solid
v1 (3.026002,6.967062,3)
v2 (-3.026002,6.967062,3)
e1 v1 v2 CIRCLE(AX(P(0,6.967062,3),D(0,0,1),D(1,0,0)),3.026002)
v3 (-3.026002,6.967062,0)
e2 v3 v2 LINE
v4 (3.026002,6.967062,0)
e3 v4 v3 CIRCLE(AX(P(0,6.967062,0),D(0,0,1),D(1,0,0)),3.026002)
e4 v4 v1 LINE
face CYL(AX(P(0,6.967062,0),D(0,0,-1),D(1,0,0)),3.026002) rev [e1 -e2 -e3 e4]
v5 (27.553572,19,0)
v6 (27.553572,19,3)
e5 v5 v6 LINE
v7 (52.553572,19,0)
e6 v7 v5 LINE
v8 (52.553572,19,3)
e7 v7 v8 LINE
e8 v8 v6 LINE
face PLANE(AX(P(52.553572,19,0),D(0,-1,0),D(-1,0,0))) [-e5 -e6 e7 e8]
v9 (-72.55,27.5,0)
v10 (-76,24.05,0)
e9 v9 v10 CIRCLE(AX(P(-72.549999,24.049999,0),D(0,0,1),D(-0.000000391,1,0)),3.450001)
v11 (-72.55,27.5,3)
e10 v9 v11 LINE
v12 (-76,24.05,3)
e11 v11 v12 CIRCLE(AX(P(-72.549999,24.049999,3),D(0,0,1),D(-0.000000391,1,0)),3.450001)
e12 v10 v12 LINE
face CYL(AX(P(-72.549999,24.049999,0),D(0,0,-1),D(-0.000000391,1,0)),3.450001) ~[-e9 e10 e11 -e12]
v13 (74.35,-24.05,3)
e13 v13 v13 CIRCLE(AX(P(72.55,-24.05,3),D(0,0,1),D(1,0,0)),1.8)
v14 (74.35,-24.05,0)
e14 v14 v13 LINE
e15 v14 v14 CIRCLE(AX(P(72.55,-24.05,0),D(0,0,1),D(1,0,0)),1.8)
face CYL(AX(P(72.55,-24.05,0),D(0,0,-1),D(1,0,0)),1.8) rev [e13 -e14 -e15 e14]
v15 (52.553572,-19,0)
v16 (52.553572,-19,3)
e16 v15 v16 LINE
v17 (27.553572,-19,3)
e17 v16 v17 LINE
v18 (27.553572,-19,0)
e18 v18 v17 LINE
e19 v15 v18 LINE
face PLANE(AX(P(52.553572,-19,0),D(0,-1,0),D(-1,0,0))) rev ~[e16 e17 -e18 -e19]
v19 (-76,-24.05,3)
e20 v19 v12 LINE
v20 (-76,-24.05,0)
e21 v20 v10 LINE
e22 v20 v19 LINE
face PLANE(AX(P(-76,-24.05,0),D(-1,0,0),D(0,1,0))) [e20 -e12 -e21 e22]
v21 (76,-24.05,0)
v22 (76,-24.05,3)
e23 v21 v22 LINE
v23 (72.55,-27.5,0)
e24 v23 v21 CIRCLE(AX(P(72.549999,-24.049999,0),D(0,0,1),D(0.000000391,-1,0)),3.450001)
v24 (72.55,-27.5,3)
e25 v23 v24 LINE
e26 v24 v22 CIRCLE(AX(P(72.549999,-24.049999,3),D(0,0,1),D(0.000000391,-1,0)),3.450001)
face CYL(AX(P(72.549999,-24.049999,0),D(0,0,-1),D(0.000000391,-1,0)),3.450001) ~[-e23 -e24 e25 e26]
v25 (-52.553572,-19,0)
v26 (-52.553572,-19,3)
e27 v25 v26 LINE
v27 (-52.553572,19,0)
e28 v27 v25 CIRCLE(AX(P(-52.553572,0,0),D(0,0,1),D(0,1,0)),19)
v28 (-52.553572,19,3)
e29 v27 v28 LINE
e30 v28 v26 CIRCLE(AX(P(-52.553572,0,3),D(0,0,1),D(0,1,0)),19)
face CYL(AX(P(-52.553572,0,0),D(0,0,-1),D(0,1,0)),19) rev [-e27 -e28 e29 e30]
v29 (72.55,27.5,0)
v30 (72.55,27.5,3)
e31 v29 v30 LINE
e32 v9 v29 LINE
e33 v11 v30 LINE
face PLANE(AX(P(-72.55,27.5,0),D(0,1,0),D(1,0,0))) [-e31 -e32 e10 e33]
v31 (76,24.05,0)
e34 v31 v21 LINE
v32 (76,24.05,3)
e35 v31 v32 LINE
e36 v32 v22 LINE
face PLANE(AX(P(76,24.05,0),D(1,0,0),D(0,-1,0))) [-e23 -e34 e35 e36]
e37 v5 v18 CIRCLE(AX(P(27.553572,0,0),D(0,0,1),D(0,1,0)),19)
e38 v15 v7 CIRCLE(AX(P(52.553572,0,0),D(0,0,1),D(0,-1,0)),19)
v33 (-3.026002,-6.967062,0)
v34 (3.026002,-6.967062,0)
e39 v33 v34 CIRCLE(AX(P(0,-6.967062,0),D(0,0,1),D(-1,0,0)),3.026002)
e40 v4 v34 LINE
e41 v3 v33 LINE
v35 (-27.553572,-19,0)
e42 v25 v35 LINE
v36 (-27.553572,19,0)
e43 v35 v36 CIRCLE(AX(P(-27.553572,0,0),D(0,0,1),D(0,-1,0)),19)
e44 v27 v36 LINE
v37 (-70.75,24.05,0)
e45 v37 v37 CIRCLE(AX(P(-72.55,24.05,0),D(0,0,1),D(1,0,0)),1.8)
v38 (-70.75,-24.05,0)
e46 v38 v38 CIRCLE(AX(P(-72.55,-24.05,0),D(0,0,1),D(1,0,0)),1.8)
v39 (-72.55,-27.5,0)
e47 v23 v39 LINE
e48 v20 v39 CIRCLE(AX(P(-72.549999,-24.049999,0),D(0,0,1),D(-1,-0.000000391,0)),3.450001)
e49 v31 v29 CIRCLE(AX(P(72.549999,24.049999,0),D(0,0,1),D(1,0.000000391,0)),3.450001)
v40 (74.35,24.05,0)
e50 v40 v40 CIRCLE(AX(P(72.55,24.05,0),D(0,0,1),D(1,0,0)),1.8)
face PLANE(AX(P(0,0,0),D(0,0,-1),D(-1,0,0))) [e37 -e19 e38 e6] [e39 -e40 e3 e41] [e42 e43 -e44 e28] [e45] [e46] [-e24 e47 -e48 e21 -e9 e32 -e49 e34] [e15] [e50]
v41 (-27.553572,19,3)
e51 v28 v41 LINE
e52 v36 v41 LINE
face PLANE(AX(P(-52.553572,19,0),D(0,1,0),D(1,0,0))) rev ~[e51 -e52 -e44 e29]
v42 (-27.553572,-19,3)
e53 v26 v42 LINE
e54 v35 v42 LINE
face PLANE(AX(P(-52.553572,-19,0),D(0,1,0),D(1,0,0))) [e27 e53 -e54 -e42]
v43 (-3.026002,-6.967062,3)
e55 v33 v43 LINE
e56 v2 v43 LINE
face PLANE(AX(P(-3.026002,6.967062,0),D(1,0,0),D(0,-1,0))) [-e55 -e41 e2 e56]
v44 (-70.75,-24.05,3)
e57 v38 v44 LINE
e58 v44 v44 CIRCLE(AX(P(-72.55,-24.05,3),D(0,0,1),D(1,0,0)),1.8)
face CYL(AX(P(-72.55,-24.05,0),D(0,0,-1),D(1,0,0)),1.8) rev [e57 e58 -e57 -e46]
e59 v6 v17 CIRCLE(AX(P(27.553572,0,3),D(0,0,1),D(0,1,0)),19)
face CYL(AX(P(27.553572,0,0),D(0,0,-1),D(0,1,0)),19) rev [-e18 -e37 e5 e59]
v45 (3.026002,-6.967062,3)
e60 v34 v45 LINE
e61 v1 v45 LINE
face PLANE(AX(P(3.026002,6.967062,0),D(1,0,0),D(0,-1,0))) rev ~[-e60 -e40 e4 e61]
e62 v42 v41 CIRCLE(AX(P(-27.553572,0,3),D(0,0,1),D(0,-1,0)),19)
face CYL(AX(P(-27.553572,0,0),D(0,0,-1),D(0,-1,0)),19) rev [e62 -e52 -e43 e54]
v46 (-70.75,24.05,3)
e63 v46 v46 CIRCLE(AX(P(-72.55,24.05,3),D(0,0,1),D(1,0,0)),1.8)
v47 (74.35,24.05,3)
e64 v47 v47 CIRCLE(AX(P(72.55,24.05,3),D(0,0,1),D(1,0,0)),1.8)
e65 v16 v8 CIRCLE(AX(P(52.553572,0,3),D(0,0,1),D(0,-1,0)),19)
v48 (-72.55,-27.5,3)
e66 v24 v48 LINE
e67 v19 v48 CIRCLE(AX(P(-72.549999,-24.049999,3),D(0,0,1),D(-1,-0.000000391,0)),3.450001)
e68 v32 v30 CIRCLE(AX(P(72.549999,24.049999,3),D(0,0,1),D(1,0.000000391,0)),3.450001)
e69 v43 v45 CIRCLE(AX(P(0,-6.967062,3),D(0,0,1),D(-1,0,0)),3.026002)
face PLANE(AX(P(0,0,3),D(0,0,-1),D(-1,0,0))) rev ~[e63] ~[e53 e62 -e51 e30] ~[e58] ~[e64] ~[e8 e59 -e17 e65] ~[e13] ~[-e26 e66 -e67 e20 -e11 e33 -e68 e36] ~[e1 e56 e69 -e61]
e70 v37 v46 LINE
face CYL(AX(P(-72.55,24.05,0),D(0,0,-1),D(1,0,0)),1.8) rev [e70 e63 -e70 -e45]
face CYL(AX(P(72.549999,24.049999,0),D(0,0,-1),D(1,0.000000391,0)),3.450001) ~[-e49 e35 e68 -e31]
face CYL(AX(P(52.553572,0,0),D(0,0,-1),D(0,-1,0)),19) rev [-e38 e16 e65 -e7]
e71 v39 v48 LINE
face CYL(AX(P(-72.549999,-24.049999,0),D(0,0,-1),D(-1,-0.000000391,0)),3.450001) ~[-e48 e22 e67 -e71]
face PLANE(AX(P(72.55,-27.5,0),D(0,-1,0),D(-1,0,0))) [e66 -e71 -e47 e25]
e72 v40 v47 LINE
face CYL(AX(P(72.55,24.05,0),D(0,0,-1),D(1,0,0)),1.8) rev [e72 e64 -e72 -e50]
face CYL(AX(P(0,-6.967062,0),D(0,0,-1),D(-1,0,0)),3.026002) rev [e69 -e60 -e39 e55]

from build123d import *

# Parameters (mm, degrees)
SKETCH_R  = 1.8
PAD_DEPTH = 3


with BuildPart() as part:
    # Sketch → Pad (new body)
    with BuildSketch(Plane.XY):
        with BuildLine():
            Line((-72.55, 27.5), (72.55, 27.5))
            ThreePointArc((76, 24.05), (74.989518, 26.489518), (72.55, 27.5))
            Line((76, 24.05), (76, -24.05))
            ThreePointArc((72.55, -27.5), (74.989518, -26.489518), (76, -24.05))
            Line((72.55, -27.5), (-72.55, -27.5))
            ThreePointArc((-76, -24.05), (-74.989518, -26.489518), (-72.55, -27.5))
            Line((-76, -24.05), (-76, 24.05))
            ThreePointArc((-72.55, 27.5), (-74.989518, 26.489518), (-76, 24.05))
        make_face()
        with Locations((-72.55, -24.05)):
            Circle(SKETCH_R, mode=Mode.SUBTRACT)
        with Locations((-72.55, 24.05)):
            Circle(SKETCH_R, mode=Mode.SUBTRACT)
        with Locations((72.55, 24.05)):
            Circle(SKETCH_R, mode=Mode.SUBTRACT)
        with Locations((72.55, -24.05)):
            Circle(SKETCH_R, mode=Mode.SUBTRACT)
        with BuildLine():
            ThreePointArc((-52.553572, 19), (-71.553572, 0), (-52.553572, -19))
            Line((-52.553572, -19), (-27.553572, -19))
            ThreePointArc((-27.553572, -19), (-8.553572, 0), (-27.553572, 19))
            Line((-52.553572, 19), (-27.553572, 19))
        make_face(mode=Mode.SUBTRACT)
        with BuildLine():
            ThreePointArc((3.026002, 6.967062), (0, 9.993064), (-3.026002, 6.967062))
            Line((-3.026002, 6.967062), (-3.026002, -6.967062))
            ThreePointArc((-3.026002, -6.967062), (0, -9.993064), (3.026002, -6.967062))
            Line((3.026002, 6.967062), (3.026002, -6.967062))
        make_face(mode=Mode.SUBTRACT)
        with BuildLine():
            ThreePointArc((52.553572, -19), (71.553572, 0), (52.553572, 19))
            Line((52.553572, 19), (27.553572, 19))
            ThreePointArc((27.553572, 19), (8.553572, 0), (27.553572, -19))
            Line((52.553572, -19), (27.553572, -19))
        make_face(mode=Mode.SUBTRACT)
    extrude(amount=PAD_DEPTH)


solid = part.part
